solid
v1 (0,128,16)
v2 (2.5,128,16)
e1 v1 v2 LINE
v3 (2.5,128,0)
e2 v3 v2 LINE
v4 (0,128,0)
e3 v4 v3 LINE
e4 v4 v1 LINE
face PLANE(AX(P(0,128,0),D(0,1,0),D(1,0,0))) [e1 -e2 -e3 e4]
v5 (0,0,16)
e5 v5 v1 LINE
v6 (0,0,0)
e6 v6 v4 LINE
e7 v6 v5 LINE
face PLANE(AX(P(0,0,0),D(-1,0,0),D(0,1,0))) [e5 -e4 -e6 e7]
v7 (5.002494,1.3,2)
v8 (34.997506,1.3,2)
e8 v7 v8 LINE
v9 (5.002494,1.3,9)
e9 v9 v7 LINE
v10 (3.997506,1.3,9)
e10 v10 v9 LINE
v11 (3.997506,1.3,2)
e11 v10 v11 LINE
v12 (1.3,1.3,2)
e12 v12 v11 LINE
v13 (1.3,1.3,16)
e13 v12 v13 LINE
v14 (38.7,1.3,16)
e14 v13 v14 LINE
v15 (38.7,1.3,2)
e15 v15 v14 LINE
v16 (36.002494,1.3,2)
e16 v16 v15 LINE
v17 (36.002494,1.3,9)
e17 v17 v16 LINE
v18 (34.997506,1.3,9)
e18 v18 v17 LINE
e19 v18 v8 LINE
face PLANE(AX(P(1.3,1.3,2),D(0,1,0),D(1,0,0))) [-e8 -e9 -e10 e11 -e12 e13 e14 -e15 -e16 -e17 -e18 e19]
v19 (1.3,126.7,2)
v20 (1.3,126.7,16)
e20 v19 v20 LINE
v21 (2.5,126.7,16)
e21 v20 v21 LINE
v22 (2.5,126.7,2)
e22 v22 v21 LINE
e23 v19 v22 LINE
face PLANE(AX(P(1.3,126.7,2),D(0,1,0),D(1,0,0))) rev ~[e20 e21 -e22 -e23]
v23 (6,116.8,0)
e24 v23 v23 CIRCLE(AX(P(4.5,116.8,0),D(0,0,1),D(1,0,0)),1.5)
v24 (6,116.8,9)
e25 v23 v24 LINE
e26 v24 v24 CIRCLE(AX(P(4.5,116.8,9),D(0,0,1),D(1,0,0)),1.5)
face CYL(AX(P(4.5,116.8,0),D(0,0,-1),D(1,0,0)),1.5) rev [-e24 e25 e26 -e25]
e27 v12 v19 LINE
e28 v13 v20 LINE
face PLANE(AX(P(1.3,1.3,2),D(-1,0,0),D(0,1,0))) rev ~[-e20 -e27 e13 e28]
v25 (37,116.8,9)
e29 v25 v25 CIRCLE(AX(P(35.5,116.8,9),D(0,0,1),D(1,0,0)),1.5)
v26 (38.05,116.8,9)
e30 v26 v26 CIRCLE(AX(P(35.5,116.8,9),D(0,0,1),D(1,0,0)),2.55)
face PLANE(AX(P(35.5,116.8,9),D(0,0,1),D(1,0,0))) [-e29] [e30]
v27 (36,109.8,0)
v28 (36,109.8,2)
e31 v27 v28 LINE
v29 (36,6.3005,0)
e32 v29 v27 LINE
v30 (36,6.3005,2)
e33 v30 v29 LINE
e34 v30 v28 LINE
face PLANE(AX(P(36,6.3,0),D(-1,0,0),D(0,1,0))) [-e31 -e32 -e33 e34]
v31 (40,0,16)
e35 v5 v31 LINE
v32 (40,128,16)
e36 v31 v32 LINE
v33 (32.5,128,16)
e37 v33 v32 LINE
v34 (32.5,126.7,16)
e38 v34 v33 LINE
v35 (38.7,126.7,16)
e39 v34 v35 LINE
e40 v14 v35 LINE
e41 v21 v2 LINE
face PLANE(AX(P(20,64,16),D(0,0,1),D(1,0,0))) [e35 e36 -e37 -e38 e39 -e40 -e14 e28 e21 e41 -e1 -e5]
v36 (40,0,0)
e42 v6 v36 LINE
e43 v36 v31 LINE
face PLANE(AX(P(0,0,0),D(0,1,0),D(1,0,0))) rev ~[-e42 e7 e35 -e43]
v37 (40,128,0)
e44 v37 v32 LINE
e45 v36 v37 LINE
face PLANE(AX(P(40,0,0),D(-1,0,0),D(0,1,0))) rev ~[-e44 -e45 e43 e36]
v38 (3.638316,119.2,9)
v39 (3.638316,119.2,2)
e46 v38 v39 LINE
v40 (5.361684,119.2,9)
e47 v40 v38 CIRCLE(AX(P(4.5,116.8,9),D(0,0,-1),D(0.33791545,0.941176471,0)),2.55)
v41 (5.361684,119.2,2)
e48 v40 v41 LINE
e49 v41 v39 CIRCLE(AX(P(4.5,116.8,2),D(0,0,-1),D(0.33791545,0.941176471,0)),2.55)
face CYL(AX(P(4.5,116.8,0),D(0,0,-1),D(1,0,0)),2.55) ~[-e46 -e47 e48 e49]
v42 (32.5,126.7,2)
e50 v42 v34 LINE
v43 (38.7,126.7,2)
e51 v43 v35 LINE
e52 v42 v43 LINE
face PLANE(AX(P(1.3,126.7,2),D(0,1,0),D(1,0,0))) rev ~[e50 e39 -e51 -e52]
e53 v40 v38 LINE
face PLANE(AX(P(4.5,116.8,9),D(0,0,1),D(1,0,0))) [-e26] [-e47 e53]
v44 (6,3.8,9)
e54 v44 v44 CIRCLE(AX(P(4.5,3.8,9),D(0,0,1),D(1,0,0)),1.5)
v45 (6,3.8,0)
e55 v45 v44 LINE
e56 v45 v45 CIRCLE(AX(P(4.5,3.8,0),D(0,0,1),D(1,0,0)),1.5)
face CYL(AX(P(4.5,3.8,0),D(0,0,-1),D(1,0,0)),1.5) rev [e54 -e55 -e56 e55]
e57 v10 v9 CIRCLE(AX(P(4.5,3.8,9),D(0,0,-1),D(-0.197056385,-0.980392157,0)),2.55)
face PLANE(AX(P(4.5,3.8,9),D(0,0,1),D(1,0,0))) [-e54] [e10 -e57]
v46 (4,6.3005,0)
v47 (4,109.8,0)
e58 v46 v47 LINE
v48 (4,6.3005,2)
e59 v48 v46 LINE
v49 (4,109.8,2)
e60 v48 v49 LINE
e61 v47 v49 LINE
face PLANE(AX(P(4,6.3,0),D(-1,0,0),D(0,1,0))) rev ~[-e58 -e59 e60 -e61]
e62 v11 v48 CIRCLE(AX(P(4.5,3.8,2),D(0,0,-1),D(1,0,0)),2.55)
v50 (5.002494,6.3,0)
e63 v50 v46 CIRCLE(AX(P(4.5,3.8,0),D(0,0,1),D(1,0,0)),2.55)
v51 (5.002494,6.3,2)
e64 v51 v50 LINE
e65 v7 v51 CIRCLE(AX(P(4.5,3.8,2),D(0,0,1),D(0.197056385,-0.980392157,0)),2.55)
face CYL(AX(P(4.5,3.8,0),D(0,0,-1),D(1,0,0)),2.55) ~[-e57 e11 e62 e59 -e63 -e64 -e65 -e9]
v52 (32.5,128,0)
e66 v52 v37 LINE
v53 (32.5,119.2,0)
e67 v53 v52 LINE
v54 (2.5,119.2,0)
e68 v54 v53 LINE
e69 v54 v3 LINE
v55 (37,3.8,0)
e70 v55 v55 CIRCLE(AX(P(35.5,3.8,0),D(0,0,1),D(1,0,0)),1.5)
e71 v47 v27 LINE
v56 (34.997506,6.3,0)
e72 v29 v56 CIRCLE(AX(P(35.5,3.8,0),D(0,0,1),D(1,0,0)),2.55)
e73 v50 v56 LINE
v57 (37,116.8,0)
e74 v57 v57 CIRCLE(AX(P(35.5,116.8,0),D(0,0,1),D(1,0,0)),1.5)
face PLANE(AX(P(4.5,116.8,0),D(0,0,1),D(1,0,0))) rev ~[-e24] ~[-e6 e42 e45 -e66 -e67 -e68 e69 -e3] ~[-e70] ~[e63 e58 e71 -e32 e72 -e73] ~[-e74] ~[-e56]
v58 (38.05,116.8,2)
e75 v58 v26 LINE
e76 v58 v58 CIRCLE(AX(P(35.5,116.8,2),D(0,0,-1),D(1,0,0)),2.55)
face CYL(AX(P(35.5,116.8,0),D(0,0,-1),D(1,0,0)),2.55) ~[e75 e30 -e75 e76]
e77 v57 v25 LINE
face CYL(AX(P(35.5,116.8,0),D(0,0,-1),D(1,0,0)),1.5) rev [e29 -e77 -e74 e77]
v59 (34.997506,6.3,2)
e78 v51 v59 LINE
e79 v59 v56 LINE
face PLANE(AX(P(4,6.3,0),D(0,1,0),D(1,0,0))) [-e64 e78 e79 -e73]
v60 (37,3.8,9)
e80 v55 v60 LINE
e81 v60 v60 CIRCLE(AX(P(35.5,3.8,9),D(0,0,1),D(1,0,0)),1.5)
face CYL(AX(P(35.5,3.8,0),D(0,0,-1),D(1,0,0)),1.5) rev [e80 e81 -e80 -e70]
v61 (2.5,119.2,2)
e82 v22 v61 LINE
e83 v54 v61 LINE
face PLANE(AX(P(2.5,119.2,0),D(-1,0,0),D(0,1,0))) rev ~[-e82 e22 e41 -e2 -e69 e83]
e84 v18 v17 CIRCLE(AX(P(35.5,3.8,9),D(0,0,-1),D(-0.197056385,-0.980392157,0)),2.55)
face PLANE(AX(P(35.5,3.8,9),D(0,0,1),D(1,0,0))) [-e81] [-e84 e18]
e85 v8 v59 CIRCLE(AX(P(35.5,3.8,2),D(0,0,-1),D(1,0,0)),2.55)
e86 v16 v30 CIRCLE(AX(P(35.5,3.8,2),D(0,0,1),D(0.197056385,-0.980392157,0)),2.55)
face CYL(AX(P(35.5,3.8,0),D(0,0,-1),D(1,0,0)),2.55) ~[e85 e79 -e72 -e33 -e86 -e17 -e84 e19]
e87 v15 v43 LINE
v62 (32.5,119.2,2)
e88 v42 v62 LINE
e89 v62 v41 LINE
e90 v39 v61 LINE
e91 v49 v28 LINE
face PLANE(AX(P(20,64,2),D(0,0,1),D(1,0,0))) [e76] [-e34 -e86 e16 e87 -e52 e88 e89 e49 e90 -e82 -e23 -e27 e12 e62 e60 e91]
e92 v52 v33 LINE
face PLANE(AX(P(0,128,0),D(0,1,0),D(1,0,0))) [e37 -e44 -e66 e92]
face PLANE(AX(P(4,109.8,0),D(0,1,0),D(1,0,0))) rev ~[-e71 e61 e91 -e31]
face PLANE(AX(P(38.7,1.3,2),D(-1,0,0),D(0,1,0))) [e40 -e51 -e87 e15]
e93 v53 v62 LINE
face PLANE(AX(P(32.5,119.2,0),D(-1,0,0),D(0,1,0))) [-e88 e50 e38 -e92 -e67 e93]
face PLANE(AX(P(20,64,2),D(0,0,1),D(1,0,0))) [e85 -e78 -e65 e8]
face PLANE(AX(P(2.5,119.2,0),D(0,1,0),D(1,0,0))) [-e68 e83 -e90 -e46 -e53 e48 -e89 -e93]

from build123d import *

# Parameters (mm, degrees)
BOX003_W          = 30
BOX003_H          = 8.8
BOX003_DEPTH      = 16
CYLINDER001_R     = 1.5
CYLINDER001_DEPTH = 9
CYLINDER_R        = 2.55
CYLINDER_DEPTH    = 9
BOX002_W          = 32
BOX002_H          = 103.5
BOX002_DEPTH      = 2
BOX001_W          = 37.4
BOX001_H          = 125.4
BOX001_DEPTH      = 14
BOX_W             = 40
BOX_H             = 128
BOX_DEPTH         = 16


with BuildPart() as connector_cutout:
    # Box003 → Box003 (new body)
    with BuildSketch(Plane(origin=(2.5, 119.2, 0), x_dir=(1, 0, 0), z_dir=(0, 0, 1))):
        with Locations((15, 4.4)):
            Rectangle(BOX003_W, BOX003_H)
    extrude(amount=BOX003_DEPTH)


with BuildPart() as cylinder001:
    # Cylinder001 → Cylinder001 (new body)
    with BuildSketch(Plane(origin=(4.5, 3.8, 0), x_dir=(1, 0, 0), z_dir=(0, 0, 1))):
        Circle(CYLINDER001_R)
    extrude(amount=CYLINDER001_DEPTH)


with BuildPart() as clone003:
    # Clone003 base: copy of Cylinder001
    add(cylinder001.part)


with BuildPart() as clone003_1:
    # Clone003 placement: moved
    add(clone003.part.moved(Location((31, 0, 0))))


with BuildPart() as clone004:
    # Clone004 base: copy of Cylinder001
    add(cylinder001.part)


with BuildPart() as clone004_1:
    # Clone004 placement: moved
    add(clone004.part.moved(Location((0, 113, 0))))


with BuildPart() as board_drills:
    # Clone005 base: copy of Cylinder001
    add(cylinder001.part)


with BuildPart() as board_drills_1:
    # Clone005 placement: moved
    add(board_drills.part.moved(Location((31, 113, 0))))

    # Fusion001: union Clone003, Clone004, Cylinder001
    add(clone003_1.part)
    add(clone004_1.part)
    add(cylinder001.part)


with BuildPart() as cylinder:
    # Cylinder → Cylinder (new body)
    with BuildSketch(Plane(origin=(4.5, 3.8, 0), x_dir=(1, 0, 0), z_dir=(0, 0, 1))):
        Circle(CYLINDER_R)
    extrude(amount=CYLINDER_DEPTH)


with BuildPart() as clone:
    # Clone base: copy of Cylinder
    add(cylinder.part)


with BuildPart() as clone_1:
    # Clone placement: moved
    add(clone.part.moved(Location((31, 0, 0))))


with BuildPart() as clone002:
    # Clone002 base: copy of Cylinder
    add(cylinder.part)


with BuildPart() as clone002_1:
    # Clone002 placement: moved
    add(clone002.part.moved(Location((31, 113, 0))))


with BuildPart() as clone001:
    # Clone001 base: copy of Cylinder
    add(cylinder.part)


with BuildPart() as clone001_1:
    # Clone001 placement: moved
    add(clone001.part.moved(Location((0, 113, 0))))


with BuildPart() as screen_cutout:
    # Box002 → Box002 (new body)
    with BuildSketch(Plane(origin=(4, 6.3, 0), x_dir=(1, 0, 0), z_dir=(0, 0, 1))):
        with Locations((16, 51.75)):
            Rectangle(BOX002_W, BOX002_H)
    extrude(amount=BOX002_DEPTH)


with BuildPart() as cube001:
    # Box001 → Box001 (new body)
    with BuildSketch(Plane(origin=(1.3, 1.3, 2), x_dir=(1, 0, 0), z_dir=(0, 0, 1))):
        with Locations((18.7, 62.7)):
            Rectangle(BOX001_W, BOX001_H)
    extrude(amount=BOX001_DEPTH)


with BuildPart() as case_with_connector_cutout:
    # Box → Box (new body)
    with BuildSketch(Plane.XY):
        with Locations((20, 64)):
            Rectangle(BOX_W, BOX_H)
    extrude(amount=BOX_DEPTH)

    # Cut: cut Cube001
    add(cube001.part, mode=Mode.SUBTRACT)

    # Cut001: cut Screen cutout
    add(screen_cutout.part, mode=Mode.SUBTRACT)

    # Fusion: union Clone, Clone002, Clone001, Cylinder
    add(clone_1.part)
    add(clone002_1.part)
    add(clone001_1.part)
    add(cylinder.part)

    # Cut002: cut Board drills
    add(board_drills_1.part, mode=Mode.SUBTRACT)

    # Cut003: cut Connector cutout
    add(connector_cutout.part, mode=Mode.SUBTRACT)


solid = case_with_connector_cutout.part
